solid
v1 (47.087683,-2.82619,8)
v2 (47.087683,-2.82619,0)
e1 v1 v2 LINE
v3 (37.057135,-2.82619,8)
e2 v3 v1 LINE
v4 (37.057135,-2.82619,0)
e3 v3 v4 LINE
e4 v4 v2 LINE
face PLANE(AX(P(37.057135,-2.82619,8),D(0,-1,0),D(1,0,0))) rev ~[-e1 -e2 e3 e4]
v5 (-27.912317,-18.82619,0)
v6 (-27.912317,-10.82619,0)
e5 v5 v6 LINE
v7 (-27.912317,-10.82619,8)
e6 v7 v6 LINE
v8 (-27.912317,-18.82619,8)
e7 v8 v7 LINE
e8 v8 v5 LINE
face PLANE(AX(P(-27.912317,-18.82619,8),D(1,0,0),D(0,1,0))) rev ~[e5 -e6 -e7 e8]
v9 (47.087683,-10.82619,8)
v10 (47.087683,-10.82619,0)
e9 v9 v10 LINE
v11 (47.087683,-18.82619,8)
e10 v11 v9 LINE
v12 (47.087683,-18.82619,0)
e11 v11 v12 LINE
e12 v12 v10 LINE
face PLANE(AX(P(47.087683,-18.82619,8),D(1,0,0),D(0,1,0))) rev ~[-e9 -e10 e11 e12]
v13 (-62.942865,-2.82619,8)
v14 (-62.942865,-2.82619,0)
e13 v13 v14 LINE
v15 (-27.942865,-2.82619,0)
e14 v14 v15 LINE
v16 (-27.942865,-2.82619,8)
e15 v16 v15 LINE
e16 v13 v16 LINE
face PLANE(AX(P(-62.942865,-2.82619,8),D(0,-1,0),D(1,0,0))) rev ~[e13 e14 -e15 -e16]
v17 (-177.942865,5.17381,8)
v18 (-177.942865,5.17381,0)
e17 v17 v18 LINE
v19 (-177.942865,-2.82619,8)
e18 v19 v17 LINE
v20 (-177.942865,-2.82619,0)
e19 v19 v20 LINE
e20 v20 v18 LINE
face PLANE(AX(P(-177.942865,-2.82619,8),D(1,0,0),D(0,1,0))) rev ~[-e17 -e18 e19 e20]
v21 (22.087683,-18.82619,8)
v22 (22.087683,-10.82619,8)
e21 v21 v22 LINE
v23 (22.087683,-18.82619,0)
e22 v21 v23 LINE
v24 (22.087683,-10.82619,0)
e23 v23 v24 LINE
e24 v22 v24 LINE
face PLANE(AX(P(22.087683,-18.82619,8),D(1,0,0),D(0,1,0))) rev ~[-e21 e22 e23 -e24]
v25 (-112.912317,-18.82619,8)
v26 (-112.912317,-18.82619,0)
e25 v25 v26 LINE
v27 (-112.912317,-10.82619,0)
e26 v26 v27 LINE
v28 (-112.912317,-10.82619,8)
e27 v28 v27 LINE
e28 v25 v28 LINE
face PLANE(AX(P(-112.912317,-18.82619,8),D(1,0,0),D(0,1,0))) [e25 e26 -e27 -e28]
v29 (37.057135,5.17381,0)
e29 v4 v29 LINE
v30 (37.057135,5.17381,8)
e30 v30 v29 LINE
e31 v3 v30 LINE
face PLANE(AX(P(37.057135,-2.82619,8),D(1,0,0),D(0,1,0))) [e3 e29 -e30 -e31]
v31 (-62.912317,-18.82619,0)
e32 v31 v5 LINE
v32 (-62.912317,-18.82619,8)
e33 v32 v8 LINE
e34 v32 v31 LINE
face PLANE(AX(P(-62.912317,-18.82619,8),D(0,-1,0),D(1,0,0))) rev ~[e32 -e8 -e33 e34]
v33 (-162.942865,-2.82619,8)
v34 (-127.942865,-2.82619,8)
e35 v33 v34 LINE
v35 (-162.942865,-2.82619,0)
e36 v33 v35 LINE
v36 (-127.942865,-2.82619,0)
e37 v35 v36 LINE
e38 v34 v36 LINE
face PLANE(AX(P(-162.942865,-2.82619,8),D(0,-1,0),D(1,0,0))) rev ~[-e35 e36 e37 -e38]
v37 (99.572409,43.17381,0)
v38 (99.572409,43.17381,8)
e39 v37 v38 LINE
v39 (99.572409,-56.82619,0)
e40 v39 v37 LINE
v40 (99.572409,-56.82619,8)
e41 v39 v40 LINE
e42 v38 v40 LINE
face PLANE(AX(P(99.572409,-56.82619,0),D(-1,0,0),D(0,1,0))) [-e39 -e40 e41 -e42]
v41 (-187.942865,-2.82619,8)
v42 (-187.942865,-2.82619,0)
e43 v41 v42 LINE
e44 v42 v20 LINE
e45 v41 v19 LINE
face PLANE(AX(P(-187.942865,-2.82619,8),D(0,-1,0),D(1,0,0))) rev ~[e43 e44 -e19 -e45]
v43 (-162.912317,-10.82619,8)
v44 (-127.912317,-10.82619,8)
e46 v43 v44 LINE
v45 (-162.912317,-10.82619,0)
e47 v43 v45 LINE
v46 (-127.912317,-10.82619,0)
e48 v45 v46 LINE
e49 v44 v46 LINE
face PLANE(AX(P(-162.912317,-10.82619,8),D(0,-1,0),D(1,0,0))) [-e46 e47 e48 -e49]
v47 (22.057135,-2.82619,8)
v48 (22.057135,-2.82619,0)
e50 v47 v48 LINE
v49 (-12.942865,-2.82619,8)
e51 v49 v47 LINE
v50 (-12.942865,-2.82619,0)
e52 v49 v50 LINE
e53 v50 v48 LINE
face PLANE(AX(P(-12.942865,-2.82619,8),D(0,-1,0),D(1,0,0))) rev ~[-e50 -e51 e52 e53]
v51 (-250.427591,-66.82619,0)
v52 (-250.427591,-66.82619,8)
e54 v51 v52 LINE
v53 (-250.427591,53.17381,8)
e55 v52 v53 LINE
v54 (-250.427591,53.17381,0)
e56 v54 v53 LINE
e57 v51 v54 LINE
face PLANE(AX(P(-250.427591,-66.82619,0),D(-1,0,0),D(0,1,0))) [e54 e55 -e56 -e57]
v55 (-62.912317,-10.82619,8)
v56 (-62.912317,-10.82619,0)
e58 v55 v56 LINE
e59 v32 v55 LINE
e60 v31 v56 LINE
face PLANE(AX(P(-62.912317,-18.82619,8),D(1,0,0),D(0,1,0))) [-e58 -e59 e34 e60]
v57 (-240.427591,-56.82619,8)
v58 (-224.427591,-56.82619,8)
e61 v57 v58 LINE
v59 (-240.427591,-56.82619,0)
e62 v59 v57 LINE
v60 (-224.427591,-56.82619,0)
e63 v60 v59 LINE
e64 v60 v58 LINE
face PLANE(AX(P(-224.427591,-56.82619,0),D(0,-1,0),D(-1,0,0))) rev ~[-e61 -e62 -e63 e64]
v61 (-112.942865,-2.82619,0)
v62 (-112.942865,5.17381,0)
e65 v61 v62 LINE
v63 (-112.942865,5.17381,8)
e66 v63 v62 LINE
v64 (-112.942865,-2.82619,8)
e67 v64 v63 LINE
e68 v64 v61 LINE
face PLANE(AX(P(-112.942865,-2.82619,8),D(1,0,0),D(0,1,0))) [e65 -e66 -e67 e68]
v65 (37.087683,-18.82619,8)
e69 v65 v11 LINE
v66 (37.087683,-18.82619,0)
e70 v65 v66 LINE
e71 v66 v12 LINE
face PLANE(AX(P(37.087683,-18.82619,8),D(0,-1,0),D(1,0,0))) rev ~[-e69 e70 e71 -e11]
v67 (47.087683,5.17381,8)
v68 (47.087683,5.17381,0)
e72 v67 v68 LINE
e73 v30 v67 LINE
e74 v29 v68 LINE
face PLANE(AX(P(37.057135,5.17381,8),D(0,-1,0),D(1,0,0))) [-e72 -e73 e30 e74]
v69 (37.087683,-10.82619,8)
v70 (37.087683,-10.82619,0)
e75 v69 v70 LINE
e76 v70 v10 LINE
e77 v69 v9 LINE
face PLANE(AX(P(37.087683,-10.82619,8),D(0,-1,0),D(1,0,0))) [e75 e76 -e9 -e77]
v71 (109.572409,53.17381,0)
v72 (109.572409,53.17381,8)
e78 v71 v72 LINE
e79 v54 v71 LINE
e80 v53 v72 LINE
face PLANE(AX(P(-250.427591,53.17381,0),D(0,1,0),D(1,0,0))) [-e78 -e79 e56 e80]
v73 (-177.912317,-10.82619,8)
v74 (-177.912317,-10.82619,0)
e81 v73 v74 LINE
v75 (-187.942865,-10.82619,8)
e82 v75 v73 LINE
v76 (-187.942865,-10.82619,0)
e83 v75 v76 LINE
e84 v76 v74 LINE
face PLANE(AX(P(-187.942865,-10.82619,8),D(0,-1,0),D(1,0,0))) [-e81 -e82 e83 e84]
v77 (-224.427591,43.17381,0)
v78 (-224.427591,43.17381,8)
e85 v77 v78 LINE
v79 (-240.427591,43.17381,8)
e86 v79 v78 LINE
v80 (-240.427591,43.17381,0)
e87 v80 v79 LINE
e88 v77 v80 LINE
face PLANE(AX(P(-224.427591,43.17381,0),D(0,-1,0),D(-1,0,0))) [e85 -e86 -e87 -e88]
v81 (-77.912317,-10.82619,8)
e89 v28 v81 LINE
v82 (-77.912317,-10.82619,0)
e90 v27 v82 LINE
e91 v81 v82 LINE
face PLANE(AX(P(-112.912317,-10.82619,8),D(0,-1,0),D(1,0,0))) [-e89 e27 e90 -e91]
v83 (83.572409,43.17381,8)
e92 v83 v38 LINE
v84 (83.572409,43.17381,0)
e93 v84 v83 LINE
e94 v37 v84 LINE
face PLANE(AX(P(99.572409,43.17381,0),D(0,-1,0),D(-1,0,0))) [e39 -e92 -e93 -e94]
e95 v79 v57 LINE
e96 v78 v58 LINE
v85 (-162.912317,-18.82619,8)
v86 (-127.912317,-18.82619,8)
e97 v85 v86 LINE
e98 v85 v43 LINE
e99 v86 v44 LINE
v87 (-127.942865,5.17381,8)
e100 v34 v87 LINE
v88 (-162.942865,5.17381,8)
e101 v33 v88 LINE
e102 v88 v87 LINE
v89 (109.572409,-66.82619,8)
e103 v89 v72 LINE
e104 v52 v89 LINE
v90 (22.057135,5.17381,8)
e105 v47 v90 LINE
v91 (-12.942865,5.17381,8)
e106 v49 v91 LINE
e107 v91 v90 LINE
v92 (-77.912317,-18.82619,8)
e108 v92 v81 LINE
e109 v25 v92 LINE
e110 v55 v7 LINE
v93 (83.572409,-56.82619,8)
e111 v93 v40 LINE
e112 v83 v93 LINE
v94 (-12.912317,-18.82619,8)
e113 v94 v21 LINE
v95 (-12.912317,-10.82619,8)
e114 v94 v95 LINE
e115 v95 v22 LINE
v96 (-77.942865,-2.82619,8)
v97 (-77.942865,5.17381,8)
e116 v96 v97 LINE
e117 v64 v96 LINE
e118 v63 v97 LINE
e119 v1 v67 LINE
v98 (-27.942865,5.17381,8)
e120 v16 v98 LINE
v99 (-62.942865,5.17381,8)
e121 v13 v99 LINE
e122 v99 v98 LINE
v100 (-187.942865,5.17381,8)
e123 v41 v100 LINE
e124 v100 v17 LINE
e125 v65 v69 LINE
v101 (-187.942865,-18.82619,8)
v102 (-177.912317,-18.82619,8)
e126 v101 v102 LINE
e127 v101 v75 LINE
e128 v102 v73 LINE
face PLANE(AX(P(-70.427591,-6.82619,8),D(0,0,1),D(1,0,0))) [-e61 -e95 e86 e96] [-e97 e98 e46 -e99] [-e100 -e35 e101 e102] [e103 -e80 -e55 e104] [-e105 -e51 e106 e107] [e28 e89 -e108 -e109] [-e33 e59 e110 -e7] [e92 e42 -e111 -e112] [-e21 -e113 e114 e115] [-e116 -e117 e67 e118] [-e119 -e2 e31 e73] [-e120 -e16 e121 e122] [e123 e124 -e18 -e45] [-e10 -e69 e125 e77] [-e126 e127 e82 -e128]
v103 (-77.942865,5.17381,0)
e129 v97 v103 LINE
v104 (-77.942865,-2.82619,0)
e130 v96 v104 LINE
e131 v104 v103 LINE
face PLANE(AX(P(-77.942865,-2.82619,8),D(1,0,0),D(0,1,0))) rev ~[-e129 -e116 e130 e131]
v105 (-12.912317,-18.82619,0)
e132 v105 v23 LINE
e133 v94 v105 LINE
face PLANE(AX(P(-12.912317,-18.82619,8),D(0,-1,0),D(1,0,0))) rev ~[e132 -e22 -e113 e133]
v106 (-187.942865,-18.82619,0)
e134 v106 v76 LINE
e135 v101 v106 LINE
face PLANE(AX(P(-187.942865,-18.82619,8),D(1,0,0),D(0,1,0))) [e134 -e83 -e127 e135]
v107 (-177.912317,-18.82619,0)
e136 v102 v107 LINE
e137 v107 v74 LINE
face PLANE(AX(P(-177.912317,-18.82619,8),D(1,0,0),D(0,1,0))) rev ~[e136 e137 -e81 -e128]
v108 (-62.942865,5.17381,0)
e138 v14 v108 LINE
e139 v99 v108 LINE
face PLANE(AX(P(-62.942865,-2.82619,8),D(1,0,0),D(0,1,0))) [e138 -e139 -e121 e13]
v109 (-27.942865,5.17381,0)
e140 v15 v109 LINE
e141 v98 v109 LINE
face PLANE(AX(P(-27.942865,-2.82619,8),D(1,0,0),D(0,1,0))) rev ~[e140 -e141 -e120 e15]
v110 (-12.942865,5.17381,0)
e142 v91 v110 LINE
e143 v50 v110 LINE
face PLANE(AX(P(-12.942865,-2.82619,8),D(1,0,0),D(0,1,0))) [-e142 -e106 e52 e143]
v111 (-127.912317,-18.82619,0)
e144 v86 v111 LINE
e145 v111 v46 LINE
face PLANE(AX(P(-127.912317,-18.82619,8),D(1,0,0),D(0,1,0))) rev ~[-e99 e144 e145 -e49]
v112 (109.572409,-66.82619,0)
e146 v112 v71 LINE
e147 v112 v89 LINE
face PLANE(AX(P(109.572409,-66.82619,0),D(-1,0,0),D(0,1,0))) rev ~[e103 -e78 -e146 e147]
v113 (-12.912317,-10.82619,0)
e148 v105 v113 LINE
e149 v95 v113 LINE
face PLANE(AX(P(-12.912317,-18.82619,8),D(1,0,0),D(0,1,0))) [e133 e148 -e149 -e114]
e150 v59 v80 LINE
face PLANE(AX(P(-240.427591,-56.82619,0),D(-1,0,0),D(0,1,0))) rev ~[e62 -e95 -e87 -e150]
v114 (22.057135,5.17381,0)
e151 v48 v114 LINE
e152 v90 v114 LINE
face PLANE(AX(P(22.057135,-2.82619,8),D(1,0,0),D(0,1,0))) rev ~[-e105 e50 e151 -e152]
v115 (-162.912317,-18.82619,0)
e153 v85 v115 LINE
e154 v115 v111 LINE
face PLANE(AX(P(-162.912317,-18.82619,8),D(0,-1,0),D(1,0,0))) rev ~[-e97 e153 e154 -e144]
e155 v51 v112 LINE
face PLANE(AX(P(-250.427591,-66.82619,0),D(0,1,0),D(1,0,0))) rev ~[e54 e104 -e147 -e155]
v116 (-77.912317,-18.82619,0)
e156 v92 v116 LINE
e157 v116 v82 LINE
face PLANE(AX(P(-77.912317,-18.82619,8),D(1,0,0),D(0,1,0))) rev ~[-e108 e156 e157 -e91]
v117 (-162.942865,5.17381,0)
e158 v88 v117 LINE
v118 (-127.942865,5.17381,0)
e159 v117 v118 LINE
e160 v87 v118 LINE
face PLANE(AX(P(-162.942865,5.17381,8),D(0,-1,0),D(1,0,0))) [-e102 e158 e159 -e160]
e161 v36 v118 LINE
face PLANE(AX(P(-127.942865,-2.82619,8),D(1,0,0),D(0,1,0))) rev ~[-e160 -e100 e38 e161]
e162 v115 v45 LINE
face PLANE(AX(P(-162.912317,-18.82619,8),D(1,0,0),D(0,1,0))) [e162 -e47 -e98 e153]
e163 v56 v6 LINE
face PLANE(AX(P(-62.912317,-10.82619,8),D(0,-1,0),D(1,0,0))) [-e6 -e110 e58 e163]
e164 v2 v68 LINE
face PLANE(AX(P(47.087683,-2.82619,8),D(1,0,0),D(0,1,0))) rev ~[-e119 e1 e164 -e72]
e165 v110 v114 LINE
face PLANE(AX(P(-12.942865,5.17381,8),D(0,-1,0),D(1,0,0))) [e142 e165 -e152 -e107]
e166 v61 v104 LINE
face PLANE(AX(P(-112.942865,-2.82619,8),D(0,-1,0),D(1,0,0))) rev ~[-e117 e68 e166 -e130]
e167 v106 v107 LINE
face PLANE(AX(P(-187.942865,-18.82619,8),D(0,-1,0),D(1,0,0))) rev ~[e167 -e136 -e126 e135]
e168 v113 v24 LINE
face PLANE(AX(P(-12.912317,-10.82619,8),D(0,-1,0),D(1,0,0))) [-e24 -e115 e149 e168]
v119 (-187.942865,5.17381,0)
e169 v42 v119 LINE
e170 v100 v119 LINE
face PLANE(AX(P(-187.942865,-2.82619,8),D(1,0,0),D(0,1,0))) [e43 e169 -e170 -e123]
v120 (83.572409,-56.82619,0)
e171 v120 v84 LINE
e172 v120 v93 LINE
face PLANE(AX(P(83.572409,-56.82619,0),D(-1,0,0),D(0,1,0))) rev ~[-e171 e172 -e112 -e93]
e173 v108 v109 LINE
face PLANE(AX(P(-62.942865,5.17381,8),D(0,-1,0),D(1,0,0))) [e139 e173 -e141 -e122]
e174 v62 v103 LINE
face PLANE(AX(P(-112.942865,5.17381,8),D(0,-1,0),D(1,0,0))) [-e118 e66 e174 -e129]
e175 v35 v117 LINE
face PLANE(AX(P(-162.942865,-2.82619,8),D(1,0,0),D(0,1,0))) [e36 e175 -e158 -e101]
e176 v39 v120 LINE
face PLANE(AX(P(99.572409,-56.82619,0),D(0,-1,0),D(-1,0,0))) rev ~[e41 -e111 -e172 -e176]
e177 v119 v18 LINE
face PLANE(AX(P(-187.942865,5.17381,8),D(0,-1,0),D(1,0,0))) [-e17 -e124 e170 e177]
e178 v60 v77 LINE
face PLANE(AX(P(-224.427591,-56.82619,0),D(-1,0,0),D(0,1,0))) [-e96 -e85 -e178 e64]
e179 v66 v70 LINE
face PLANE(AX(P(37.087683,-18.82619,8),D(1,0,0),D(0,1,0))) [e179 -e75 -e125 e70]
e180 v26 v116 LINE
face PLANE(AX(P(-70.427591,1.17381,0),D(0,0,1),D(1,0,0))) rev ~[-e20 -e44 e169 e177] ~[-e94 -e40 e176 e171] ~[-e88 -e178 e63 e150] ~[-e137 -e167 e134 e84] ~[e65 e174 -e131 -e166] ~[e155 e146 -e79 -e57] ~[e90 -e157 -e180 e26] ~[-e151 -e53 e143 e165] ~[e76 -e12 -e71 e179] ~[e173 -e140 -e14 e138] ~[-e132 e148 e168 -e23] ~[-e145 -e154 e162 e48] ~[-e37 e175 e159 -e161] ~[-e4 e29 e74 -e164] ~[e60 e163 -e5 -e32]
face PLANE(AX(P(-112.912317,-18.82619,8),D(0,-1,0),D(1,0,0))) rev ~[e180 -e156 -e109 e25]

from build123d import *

# Parameters (mm, degrees)
IZIM1_W                     = 360
IZIM1_H                     = 120
IZIM1_W_2                   = 302.16
IZIM1_H_2                   = 8
Y_KSEKLIK_EKSTR_ZYON1_DEPTH = 8
IZIM4_W                     = 16
IZIM4_H                     = 100
KES_EKSTR_ZYON3_DEPTH       = 10
IZIM5_W                     = 35
IZIM5_H                     = 8
IZIM5_W_2                   = 10.030547984
IZIM5_W_3                   = 10
KES_EKSTR_ZYON4_DEPTH       = 8


with BuildPart() as part:
    # Çizim1 → Yükseklik-Ekstrüzyon1 (new body)
    # profile 1 of 3: a face of its own
    with BuildSketch(Plane.XY):
        with Locations((-70.427590571, -6.826190476)):
            Rectangle(IZIM1_W, IZIM1_H)
        with Locations((-70.427590571, 1.173809524)):
            Rectangle(IZIM1_W_2, IZIM1_H_2, mode=Mode.SUBTRACT)
        with Locations((-70.427590571, -14.826190476)):
            Rectangle(IZIM1_W_2, IZIM1_H_2, mode=Mode.SUBTRACT)
    # profile 2 of 3: a face of its own
    with BuildSketch(Plane.XY):
        with Locations((-70.427590571, -14.826190476)):
            Rectangle(IZIM1_W_2, IZIM1_H_2)
    # profile 3 of 3: a face of its own
    with BuildSketch(Plane.XY):
        with Locations((-70.427590571, 1.173809524)):
            Rectangle(IZIM1_W_2, IZIM1_H_2)
    extrude(amount=Y_KSEKLIK_EKSTR_ZYON1_DEPTH)

    # Çizim4 → Kes-Ekstrüzyon3 (cut)
    with BuildSketch(Plane(origin=(0, 0, 0), x_dir=(-1, 0, 0), z_dir=(0, 0, -1))):
        with Locations((232.427590571, -6.826190476)):
            Rectangle(IZIM4_W, IZIM4_H)
        with Locations((-91.572409429, -6.826190476)):
            Rectangle(IZIM4_W, IZIM4_H)
    extrude(amount=-KES_EKSTR_ZYON3_DEPTH, mode=Mode.SUBTRACT)

    # Çizim5 → Kes-Ekstrüzyon4 (cut)
    with BuildSketch(Plane.XY.offset(8)):
        with Locations((-145.442864563, 1.173809524)):
            Rectangle(IZIM5_W, IZIM5_H)
        with Locations((-145.412316579, -14.826190476)):
            Rectangle(IZIM5_W, IZIM5_H)
        with Locations((-182.927590571, -14.826190476)):
            Rectangle(IZIM5_W_2, IZIM5_H)
        with Locations((-182.942864563, 1.173809524)):
            Rectangle(IZIM5_W_3, IZIM5_H)
        with Locations((-95.412316579, -14.826190476)):
            Rectangle(IZIM5_W, IZIM5_H)
        with Locations((-95.442864563, 1.173809524)):
            Rectangle(IZIM5_W, IZIM5_H)
        with Locations((-45.412316579, -14.826190476)):
            Rectangle(IZIM5_W, IZIM5_H)
        with Locations((-45.442864563, 1.173809524)):
            Rectangle(IZIM5_W, IZIM5_H)
        with Locations((4.587683421, -14.826190476)):
            Rectangle(IZIM5_W, IZIM5_H)
        with Locations((4.557135437, 1.173809524)):
            Rectangle(IZIM5_W, IZIM5_H)
        with Locations((42.087683421, -14.826190476)):
            Rectangle(IZIM5_W_3, IZIM5_H)
        with Locations((42.072409429, 1.173809524)):
            Rectangle(IZIM5_W_2, IZIM5_H)
    extrude(amount=-KES_EKSTR_ZYON4_DEPTH, mode=Mode.SUBTRACT)


solid = part.part
